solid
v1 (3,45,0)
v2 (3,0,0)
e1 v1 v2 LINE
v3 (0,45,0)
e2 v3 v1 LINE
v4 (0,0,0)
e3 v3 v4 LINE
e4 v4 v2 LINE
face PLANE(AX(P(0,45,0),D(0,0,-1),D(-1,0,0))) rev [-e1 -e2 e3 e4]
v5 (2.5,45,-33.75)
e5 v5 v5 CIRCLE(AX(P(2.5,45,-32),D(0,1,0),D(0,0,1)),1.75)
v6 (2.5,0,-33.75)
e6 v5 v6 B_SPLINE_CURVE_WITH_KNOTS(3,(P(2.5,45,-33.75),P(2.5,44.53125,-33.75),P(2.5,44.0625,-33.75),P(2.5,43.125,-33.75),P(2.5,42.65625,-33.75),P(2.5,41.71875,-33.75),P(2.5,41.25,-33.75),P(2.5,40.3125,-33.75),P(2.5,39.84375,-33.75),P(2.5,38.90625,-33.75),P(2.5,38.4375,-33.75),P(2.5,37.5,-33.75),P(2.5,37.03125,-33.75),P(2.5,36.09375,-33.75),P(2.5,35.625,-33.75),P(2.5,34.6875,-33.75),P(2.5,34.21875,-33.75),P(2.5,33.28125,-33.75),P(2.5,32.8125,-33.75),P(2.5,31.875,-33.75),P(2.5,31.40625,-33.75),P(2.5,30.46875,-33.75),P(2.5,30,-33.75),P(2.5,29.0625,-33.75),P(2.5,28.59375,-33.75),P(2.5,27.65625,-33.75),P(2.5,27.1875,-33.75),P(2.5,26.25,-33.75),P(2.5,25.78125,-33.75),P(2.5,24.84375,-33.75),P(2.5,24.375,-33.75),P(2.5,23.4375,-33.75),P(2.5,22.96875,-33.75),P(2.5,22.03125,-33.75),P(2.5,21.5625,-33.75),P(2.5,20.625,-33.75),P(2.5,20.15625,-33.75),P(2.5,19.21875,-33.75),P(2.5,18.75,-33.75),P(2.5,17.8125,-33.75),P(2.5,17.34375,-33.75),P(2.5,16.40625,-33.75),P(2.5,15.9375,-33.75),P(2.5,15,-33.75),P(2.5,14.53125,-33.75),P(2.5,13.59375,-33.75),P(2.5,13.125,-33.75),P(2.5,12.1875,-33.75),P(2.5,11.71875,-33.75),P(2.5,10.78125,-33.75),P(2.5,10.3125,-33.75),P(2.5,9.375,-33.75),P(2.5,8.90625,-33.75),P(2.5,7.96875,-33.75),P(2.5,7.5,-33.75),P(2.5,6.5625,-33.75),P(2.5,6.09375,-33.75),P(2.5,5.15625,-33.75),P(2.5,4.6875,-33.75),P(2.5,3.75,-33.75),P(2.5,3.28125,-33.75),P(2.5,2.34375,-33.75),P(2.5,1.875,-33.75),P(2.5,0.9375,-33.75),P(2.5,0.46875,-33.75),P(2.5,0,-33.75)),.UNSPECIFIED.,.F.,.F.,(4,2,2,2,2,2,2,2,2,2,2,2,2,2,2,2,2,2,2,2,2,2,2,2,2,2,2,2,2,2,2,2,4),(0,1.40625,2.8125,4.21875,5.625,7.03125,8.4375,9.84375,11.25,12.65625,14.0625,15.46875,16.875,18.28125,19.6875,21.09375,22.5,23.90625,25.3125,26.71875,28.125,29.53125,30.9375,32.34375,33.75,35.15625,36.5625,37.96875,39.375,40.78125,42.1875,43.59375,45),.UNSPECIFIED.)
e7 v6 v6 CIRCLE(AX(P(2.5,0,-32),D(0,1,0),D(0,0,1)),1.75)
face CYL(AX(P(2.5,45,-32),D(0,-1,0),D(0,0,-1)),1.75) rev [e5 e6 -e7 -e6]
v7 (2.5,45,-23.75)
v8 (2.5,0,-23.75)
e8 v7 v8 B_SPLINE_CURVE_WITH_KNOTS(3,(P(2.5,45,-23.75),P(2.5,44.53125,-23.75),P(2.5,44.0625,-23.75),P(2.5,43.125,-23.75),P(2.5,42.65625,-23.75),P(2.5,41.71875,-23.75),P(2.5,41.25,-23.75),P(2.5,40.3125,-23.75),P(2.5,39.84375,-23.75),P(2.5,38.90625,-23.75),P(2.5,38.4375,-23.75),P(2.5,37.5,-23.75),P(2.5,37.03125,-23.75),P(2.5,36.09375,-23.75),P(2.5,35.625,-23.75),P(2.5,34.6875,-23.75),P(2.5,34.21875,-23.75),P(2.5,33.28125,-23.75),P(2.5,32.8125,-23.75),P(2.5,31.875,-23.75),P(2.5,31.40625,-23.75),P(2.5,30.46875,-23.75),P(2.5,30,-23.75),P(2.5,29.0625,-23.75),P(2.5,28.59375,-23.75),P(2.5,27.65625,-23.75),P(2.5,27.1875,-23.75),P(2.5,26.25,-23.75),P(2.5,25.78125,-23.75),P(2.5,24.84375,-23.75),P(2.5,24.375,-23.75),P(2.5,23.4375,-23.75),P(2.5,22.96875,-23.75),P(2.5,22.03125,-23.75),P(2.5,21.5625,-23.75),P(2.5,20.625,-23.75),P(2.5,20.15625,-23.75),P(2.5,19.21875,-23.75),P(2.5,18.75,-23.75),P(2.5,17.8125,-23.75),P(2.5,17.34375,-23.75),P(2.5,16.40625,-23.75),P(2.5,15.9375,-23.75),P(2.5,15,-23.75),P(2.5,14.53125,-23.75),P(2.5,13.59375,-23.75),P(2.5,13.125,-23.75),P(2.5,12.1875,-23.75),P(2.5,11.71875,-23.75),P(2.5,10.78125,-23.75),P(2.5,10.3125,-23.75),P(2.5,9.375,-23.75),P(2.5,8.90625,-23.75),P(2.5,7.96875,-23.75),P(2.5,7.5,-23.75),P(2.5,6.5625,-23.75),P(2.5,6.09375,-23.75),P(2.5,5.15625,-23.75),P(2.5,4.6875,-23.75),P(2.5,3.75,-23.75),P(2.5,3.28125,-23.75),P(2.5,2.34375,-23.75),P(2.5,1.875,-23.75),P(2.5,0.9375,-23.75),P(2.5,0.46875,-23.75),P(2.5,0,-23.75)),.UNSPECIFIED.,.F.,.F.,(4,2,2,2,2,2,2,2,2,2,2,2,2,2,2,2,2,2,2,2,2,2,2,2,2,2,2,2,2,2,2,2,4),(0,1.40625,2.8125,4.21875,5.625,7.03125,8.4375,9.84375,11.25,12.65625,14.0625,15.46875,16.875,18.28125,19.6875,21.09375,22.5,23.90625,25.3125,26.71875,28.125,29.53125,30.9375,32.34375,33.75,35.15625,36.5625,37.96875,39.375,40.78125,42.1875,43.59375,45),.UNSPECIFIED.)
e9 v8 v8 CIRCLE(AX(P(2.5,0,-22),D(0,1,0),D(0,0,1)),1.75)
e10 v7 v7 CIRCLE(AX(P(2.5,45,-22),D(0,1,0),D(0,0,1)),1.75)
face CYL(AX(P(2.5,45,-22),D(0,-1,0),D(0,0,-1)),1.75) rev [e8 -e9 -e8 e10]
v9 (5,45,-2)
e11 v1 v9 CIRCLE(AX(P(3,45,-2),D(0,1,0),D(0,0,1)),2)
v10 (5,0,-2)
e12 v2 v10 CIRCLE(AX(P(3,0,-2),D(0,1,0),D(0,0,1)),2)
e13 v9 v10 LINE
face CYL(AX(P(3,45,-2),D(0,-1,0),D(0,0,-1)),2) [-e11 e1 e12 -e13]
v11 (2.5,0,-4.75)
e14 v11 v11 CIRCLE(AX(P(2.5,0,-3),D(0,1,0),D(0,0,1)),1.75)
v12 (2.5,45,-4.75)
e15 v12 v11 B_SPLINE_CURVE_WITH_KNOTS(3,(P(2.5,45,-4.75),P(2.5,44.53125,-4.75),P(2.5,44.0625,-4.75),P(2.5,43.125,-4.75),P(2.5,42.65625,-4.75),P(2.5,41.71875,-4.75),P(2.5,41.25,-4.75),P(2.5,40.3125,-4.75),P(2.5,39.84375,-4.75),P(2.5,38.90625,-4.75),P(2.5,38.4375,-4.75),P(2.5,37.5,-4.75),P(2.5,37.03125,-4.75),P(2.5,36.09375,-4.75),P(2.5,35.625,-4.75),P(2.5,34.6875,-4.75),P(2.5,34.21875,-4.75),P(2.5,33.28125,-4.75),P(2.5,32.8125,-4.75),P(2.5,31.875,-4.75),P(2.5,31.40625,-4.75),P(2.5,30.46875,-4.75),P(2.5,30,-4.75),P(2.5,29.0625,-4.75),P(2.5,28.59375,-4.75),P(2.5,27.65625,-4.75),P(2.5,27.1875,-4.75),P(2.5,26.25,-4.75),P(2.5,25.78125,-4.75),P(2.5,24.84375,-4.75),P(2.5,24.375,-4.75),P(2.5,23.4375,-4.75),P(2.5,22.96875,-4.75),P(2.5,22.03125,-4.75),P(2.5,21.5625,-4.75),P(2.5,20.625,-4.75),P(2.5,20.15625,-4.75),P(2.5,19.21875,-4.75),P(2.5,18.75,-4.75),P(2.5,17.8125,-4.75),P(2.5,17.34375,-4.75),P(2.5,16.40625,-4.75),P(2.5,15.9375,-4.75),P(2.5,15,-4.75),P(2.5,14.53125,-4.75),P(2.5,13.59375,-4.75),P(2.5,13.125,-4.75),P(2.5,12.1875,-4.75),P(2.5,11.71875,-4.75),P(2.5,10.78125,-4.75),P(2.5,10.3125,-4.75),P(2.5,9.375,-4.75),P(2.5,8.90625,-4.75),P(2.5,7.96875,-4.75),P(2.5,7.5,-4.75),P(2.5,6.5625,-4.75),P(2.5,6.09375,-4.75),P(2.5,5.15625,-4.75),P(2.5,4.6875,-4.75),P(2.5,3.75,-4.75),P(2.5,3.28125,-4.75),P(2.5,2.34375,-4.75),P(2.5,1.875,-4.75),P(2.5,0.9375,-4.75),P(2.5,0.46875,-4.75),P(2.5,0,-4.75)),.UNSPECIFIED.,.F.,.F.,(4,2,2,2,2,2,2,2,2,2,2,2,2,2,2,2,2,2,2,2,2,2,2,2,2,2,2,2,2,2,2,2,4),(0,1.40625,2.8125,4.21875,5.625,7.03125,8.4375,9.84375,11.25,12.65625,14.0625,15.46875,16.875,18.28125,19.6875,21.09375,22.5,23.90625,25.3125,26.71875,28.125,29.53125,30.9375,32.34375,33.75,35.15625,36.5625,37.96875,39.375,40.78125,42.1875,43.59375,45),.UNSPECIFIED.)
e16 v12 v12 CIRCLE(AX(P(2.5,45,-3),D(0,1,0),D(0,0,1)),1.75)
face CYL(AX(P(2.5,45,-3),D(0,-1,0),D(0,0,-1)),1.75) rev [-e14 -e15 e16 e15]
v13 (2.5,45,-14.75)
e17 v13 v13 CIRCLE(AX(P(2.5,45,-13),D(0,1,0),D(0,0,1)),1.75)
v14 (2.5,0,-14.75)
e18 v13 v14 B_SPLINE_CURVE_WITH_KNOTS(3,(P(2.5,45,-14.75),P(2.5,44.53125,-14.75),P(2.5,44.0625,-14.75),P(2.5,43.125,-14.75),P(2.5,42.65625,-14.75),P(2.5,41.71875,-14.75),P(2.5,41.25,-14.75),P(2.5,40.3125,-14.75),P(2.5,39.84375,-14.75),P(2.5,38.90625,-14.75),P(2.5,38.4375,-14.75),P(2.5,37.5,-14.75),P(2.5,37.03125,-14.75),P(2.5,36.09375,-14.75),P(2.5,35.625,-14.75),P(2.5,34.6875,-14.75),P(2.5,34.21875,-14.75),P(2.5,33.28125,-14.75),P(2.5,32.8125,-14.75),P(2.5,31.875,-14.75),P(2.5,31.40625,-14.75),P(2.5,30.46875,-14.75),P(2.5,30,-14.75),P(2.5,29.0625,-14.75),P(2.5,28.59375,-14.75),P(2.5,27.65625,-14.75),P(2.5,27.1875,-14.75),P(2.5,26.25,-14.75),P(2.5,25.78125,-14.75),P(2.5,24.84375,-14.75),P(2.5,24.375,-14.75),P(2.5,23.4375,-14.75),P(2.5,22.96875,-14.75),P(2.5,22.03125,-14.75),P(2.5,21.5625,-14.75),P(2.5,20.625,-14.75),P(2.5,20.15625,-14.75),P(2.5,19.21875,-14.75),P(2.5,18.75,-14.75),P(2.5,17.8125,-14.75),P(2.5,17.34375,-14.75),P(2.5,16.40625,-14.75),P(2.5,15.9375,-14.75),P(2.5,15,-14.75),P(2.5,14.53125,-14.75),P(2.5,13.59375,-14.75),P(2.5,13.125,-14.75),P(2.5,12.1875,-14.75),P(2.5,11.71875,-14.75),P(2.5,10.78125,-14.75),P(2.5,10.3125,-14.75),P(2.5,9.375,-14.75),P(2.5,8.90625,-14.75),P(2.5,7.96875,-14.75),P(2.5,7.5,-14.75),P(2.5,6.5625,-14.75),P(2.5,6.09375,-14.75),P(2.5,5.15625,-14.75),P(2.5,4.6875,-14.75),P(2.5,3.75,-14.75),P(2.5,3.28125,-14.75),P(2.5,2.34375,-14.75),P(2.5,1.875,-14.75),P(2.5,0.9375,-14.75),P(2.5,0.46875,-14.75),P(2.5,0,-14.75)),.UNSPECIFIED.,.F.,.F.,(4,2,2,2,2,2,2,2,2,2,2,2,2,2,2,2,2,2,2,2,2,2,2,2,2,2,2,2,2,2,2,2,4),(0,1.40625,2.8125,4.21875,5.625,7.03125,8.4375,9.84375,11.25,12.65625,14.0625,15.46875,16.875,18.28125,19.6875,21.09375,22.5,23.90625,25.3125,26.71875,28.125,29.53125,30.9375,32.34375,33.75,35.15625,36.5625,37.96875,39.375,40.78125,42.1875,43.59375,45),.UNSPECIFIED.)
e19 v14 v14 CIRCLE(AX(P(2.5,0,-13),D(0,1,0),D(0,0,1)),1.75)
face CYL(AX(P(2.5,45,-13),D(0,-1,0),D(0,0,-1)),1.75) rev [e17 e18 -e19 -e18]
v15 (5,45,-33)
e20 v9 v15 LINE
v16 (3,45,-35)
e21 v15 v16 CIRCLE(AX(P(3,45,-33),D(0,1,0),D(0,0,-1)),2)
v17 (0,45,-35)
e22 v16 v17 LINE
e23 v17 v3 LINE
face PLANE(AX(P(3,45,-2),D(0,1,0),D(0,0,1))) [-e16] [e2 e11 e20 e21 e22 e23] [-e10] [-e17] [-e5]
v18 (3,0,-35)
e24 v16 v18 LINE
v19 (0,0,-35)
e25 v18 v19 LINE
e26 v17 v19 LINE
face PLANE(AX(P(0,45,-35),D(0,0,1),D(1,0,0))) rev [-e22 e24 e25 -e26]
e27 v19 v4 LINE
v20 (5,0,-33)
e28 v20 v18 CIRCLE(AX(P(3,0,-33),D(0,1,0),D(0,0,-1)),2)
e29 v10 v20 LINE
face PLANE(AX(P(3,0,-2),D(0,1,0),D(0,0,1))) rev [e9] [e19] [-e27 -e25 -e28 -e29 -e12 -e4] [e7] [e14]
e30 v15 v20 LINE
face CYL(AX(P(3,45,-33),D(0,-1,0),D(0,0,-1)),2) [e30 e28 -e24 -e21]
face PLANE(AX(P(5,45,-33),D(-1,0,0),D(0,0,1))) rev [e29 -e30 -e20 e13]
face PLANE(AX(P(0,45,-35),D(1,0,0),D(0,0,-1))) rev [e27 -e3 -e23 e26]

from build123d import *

# Parameters (mm, degrees)
SKETCH1_R           = 1.75
BOSS_EXTRUDE1_DEPTH = 45


with BuildPart() as part:
    # Sketch1 → Boss-Extrude1 (new body)
    with BuildSketch(Plane(origin=(0, 0, 0), x_dir=(1, 0, 0), z_dir=(0, 1, 0))):
        with BuildLine():
            Line((0, 35), (3, 35))
            ThreePointArc((3, 35), (4.414213562, 34.414213562), (5, 33))
            Line((5, 33), (5, 2))
            ThreePointArc((5, 2), (4.414213562, 0.585786438), (3, 0))
            Line((3, 0), (0, 0))
            Line((0, 0), (0, 35))
        make_face()
        with Locations(Location((2.5, 32, 0), (0, 0, 90))):
            Circle(SKETCH1_R, mode=Mode.SUBTRACT)
        with Locations(Location((2.5, 22, 0), (0, 0, 90))):
            Circle(SKETCH1_R, mode=Mode.SUBTRACT)
        with Locations(Location((2.5, 13, 0), (0, 0, 90))):
            Circle(SKETCH1_R, mode=Mode.SUBTRACT)
        with Locations(Location((2.5, 3, 0), (0, 0, 90))):
            Circle(SKETCH1_R, mode=Mode.SUBTRACT)
    extrude(amount=BOSS_EXTRUDE1_DEPTH)


solid = part.part
